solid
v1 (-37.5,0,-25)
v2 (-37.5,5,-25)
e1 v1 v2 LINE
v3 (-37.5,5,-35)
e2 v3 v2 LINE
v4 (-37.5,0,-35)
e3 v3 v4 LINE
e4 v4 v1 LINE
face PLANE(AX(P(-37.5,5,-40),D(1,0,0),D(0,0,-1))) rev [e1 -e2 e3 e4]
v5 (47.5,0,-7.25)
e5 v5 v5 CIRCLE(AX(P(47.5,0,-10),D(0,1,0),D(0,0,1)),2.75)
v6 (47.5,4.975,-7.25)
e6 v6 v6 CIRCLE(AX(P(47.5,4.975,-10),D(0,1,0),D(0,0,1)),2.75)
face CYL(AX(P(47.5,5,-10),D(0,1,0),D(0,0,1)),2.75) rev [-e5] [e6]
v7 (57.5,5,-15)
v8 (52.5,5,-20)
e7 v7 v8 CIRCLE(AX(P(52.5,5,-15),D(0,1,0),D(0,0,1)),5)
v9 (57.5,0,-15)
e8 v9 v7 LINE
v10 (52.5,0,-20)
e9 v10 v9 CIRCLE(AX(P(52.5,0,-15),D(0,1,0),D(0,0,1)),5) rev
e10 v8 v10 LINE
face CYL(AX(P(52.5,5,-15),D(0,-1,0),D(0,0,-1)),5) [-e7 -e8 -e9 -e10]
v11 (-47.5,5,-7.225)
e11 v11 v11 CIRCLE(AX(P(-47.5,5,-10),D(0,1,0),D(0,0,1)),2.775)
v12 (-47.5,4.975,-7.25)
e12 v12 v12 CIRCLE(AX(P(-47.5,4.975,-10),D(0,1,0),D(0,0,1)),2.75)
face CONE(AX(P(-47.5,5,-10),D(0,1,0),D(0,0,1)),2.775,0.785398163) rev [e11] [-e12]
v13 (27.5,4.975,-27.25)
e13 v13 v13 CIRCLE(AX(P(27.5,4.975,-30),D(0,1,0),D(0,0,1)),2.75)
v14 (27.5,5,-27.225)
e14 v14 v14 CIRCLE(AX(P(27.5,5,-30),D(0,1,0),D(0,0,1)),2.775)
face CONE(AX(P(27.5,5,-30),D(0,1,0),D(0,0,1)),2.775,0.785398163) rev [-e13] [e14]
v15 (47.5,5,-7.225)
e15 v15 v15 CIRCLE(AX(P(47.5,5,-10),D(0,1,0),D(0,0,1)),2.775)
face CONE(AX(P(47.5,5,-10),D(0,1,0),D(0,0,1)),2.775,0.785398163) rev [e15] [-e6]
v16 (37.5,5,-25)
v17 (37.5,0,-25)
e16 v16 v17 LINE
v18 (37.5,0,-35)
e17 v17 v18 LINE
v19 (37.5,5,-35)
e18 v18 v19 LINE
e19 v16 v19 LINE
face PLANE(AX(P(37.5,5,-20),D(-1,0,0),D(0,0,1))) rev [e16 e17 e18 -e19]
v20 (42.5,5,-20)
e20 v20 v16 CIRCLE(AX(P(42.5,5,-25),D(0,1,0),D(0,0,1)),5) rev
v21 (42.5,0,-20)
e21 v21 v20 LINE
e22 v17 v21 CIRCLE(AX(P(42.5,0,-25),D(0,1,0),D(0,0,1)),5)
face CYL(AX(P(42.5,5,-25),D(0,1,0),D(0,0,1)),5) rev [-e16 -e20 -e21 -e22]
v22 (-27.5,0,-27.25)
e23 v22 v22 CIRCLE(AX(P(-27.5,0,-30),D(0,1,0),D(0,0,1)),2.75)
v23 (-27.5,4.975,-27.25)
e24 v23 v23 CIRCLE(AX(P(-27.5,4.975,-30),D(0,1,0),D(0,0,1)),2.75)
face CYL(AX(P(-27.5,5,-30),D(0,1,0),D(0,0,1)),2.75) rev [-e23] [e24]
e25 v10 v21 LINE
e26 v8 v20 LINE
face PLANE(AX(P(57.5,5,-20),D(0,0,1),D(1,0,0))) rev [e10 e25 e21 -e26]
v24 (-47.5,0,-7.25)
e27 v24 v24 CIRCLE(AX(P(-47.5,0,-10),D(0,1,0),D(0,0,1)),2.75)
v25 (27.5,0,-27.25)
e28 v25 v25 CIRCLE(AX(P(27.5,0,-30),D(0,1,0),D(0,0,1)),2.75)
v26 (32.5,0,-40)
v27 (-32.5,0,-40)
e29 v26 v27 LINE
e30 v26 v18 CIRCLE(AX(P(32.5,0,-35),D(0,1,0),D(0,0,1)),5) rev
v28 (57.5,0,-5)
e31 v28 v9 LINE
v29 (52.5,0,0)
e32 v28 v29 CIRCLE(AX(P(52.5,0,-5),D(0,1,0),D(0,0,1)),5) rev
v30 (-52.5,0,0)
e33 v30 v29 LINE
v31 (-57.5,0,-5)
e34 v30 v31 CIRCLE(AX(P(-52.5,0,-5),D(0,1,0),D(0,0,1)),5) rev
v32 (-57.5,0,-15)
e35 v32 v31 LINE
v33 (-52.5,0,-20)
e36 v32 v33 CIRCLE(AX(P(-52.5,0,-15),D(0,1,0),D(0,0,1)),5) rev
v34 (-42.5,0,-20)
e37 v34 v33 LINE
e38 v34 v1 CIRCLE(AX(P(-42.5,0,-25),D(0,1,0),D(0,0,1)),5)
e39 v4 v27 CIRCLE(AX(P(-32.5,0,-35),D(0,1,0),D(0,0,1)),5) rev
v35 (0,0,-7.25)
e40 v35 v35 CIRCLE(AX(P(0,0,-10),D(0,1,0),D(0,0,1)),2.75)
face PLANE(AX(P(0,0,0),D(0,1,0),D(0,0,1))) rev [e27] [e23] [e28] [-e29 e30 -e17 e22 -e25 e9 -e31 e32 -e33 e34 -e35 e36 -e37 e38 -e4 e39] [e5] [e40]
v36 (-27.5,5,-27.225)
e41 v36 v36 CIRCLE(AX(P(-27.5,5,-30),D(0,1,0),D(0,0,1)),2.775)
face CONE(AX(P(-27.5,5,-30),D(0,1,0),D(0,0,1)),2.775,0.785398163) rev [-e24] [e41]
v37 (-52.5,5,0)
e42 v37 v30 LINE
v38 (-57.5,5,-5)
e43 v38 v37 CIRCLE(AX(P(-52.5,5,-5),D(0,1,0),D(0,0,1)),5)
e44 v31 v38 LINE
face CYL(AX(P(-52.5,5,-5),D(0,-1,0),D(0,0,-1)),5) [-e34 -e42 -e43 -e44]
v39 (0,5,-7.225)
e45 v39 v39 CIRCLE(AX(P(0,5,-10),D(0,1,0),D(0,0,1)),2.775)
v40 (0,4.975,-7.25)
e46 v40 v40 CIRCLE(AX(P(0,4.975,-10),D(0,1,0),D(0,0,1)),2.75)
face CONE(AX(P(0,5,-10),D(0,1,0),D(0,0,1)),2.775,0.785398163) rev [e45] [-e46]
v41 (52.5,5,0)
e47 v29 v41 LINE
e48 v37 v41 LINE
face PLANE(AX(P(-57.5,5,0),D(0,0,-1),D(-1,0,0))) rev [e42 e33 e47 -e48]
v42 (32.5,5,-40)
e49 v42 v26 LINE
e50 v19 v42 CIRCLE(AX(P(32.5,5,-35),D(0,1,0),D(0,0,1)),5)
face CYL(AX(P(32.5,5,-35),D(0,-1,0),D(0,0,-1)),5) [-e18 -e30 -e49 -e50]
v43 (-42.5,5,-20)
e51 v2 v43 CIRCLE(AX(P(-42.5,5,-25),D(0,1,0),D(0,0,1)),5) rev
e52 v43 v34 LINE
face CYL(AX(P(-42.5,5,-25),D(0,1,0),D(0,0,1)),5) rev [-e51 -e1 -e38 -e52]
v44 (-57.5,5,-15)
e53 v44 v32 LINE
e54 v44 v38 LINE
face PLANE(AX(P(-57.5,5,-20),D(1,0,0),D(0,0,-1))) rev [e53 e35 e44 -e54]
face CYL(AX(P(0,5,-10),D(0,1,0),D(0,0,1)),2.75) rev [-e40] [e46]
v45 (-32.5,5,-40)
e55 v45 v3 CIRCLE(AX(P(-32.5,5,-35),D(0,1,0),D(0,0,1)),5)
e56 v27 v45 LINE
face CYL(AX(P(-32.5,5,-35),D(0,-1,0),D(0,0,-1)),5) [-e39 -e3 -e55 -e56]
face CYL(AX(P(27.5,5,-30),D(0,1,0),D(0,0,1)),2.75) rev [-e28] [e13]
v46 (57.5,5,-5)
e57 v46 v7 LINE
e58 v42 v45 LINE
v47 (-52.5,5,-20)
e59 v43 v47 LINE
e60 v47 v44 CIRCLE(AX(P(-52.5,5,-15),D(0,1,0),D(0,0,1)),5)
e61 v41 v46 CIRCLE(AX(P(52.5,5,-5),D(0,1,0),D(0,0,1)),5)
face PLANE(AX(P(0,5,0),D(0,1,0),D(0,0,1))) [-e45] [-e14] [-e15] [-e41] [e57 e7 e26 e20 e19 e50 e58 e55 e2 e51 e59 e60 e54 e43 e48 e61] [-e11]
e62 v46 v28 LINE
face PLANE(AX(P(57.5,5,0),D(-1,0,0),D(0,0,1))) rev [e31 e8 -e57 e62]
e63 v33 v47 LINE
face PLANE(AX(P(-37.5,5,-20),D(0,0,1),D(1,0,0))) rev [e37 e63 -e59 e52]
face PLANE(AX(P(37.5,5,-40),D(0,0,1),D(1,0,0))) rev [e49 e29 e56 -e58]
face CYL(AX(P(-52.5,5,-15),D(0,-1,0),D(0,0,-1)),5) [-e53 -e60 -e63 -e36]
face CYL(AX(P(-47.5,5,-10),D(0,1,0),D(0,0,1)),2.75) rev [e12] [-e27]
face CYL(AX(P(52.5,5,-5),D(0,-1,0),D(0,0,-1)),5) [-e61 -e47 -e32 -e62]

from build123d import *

# Parameters (mm, degrees)
BOSS_EXTRUDE1_DEPTH            = 5
FILLET2_R                      = 5
M5_CLEARANCE_HOLE1_D           = 5.5
M5_CLEARANCE_HOLE1_CSINK_D     = 5.55
M5_CLEARANCE_HOLE1_CSINK_ANGLE = 90
M5_CLEARANCE_HOLE2_D           = 5.5
M5_CLEARANCE_HOLE2_CSINK_D     = 5.55
M5_CLEARANCE_HOLE2_CSINK_ANGLE = 90
M5_CLEARANCE_HOLE3_D           = 5.5
M5_CLEARANCE_HOLE3_CSINK_D     = 5.55
M5_CLEARANCE_HOLE3_CSINK_ANGLE = 90


with BuildPart() as part:
    # Sketch2 → Boss-Extrude1 (new body)
    with BuildSketch(Plane(origin=(0, 0, 0), x_dir=(1, 0, 0), z_dir=(0, 1, 0))):
        Polygon((-57.5, 0), (57.5, 0), (57.5, 20), (37.5, 20), (37.5, 40), (-37.5, 40), (-37.5, 20), (-57.5, 20), align=None)
    extrude(amount=BOSS_EXTRUDE1_DEPTH)

    # Fillet2
    fillet2_edges = [part.edges().sort_by_distance(p)[0] for p in [
        (37.5, 2.5, -20),
        (57.5, 2.5, -20),
        (57.5, 2.5, 0),
        (-57.5, 2.5, 0),
        (-57.5, 2.5, -20),
        (-37.5, 2.5, -20),
        (-37.5, 2.5, -40),
        (37.5, 2.5, -40),
    ]]
    fillet(fillet2_edges, radius=FILLET2_R)

    # M5 Clearance Hole1 (through all)
    with Locations(Plane(origin=(-27.5, 5, -30), x_dir=(0, 0, 1), z_dir=(0, 1, 0))):
        with Locations((0, 0)):
            m5_clearance_hole1 = CounterSinkHole(M5_CLEARANCE_HOLE1_D / 2, M5_CLEARANCE_HOLE1_CSINK_D / 2, counter_sink_angle=M5_CLEARANCE_HOLE1_CSINK_ANGLE)

    # Mirror1: M5 Clearance Hole1 across plane
    add(m5_clearance_hole1.mirror(Plane(origin=(0, 0, 0), x_dir=(0, 0, 1), z_dir=(1, 0, 0))), mode=Mode.SUBTRACT)

    # M5 Clearance Hole2 (through all)
    with Locations(Plane(origin=(-47.5, 5, -10), x_dir=(0, 0, 1), z_dir=(0, 1, 0))):
        with Locations((0, 0)):
            m5_clearance_hole2 = CounterSinkHole(M5_CLEARANCE_HOLE2_D / 2, M5_CLEARANCE_HOLE2_CSINK_D / 2, counter_sink_angle=M5_CLEARANCE_HOLE2_CSINK_ANGLE)

    # Mirror2: M5 Clearance Hole2 across plane
    add(m5_clearance_hole2.mirror(Plane(origin=(0, 0, 0), x_dir=(0, 0, 1), z_dir=(1, 0, 0))), mode=Mode.SUBTRACT)

    # M5 Clearance Hole3 (through all)
    with Locations(Plane(origin=(0, 5, -10), x_dir=(0, 0, 1), z_dir=(0, 1, 0))):
        with Locations((0, 0)):
            CounterSinkHole(M5_CLEARANCE_HOLE3_D / 2, M5_CLEARANCE_HOLE3_CSINK_D / 2, counter_sink_angle=M5_CLEARANCE_HOLE3_CSINK_ANGLE)


solid = part.part
